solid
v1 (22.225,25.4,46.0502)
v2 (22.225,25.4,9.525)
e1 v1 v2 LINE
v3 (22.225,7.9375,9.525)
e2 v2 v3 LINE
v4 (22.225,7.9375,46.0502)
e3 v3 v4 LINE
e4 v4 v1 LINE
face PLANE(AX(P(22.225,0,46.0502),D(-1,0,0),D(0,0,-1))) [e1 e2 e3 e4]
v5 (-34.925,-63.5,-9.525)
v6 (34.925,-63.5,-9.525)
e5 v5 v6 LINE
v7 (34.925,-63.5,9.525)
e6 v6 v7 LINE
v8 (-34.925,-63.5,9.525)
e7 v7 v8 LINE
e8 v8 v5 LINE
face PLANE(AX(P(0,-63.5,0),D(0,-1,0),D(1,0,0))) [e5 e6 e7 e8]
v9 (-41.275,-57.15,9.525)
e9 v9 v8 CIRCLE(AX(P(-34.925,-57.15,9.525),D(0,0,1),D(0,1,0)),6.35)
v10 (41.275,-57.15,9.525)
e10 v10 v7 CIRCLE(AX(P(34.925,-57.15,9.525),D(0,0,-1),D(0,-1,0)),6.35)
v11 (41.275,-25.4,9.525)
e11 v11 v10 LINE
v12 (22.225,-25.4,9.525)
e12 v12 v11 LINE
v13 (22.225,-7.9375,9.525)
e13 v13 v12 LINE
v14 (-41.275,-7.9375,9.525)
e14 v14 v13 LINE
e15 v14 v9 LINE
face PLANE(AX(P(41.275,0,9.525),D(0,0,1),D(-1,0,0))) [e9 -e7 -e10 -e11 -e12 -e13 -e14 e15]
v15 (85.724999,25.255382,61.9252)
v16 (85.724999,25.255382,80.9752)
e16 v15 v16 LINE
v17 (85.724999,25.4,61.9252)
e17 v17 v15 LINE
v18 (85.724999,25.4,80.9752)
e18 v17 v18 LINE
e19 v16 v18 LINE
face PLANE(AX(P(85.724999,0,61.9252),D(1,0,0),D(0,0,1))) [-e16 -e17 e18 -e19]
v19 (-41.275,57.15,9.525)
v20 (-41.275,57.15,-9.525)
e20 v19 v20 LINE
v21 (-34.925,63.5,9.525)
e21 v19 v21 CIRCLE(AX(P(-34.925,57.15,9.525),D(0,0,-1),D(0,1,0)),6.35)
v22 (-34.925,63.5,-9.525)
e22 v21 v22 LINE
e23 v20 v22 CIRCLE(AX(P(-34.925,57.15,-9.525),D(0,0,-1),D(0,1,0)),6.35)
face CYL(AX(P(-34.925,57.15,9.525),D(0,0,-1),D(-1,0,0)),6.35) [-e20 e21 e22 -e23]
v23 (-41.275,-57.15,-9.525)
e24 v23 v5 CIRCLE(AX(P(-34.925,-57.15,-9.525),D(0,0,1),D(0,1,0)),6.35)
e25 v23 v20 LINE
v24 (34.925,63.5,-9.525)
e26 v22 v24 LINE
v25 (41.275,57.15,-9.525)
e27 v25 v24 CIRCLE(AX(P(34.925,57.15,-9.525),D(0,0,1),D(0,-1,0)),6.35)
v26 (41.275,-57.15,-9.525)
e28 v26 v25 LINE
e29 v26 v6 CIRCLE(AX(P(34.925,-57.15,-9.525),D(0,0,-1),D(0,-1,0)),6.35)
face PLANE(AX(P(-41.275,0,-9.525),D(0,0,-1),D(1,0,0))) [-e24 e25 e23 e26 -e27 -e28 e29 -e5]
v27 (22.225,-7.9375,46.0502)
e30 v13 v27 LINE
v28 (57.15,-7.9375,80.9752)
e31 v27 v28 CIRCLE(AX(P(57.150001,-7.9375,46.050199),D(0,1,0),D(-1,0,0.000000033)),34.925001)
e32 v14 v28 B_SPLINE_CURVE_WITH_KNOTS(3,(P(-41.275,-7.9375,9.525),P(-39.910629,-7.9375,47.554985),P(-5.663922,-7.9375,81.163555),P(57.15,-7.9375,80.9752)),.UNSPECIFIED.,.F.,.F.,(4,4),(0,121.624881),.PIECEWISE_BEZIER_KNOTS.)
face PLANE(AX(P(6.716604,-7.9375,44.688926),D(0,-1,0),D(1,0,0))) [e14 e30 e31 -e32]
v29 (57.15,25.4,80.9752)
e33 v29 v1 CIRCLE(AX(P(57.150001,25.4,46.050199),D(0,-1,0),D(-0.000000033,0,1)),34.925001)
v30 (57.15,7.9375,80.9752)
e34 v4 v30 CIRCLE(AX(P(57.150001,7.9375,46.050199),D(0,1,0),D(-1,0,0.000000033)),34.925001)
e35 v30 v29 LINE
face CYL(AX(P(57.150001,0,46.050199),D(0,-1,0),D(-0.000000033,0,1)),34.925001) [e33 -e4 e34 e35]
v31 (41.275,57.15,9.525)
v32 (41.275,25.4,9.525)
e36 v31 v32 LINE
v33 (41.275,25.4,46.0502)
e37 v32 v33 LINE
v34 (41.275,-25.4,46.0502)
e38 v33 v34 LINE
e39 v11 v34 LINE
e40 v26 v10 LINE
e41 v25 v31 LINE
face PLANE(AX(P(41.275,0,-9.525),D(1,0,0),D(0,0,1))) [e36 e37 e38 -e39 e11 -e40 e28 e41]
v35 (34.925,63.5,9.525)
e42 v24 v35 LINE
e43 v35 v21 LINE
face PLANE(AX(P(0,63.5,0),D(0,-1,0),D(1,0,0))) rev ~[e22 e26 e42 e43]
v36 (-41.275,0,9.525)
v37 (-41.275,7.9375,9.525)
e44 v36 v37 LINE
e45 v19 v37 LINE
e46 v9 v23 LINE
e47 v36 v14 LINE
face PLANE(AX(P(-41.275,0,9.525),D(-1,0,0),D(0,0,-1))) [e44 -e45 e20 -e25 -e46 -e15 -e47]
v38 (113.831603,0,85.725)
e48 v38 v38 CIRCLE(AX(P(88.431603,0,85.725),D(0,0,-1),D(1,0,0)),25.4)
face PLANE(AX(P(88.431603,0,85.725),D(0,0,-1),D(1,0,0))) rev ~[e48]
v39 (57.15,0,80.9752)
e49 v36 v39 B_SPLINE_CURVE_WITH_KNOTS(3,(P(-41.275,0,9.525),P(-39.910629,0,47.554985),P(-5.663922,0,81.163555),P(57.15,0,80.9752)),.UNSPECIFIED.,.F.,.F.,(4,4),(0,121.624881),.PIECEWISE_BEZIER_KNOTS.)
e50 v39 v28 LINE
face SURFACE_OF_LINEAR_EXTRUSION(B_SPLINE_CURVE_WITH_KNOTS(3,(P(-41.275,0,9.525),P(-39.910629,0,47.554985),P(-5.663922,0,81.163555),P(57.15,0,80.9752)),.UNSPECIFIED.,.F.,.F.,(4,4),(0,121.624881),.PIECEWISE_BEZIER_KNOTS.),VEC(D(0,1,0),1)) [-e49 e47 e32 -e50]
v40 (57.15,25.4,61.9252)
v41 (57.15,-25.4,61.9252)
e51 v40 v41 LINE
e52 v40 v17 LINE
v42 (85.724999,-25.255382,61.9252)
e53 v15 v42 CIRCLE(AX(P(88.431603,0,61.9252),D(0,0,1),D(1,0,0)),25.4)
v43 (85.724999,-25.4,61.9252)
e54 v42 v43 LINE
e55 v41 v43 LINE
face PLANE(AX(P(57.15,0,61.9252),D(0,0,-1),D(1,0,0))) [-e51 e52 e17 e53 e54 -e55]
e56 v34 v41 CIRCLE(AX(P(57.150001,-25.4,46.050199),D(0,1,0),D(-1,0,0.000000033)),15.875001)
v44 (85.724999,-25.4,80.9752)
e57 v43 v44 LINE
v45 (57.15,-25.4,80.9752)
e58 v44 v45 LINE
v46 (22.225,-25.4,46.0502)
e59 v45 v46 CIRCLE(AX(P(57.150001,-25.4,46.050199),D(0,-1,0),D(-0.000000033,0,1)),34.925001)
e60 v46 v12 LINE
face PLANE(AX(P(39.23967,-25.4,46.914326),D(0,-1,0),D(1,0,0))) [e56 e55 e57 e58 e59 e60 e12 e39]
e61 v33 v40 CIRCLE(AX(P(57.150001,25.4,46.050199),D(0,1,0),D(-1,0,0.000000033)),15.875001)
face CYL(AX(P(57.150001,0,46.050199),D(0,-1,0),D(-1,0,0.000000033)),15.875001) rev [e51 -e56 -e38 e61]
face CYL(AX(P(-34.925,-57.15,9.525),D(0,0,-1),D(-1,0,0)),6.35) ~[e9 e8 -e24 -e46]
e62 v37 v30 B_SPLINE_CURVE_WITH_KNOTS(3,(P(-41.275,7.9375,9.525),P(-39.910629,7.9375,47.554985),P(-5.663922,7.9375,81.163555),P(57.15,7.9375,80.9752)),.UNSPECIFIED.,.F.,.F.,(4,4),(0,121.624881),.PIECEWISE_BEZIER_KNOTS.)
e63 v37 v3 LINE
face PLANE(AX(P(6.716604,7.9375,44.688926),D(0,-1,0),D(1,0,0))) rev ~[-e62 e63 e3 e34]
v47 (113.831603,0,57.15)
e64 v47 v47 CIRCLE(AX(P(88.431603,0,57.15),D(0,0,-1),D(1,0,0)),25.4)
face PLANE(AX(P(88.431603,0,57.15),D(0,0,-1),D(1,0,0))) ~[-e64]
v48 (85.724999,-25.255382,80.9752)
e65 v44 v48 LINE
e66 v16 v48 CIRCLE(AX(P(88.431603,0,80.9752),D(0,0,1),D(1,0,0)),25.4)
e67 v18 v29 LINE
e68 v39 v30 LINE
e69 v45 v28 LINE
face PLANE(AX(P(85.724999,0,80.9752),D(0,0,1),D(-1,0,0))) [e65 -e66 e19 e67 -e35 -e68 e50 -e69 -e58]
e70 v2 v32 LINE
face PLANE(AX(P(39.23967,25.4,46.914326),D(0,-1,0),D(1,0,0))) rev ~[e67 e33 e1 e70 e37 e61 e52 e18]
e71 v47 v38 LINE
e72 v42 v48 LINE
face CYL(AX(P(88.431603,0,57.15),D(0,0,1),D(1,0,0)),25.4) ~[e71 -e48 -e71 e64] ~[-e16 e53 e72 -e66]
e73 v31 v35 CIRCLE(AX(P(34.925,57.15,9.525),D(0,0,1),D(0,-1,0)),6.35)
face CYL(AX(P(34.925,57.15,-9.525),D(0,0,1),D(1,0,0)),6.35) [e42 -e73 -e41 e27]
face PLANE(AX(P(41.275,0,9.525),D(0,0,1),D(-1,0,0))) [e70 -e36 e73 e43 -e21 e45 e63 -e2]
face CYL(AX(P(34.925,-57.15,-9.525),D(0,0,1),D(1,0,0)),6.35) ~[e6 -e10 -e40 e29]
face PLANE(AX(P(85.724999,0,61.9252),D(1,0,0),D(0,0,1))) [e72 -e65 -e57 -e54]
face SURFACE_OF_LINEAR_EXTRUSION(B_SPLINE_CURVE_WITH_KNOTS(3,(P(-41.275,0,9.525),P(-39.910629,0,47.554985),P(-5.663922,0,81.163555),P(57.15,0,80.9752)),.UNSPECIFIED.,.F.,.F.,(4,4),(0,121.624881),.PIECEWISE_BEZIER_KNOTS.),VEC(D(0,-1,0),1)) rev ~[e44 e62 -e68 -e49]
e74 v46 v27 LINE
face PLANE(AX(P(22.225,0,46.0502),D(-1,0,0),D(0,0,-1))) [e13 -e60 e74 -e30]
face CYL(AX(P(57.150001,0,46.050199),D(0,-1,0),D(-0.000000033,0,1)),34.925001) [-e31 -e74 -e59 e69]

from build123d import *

# Parameters (mm, degrees)
F1_DEPTH = 63.5
F0_W     = 22.693397
F0_H     = 19.05
F2_DEPTH = 25.4
F3_DEPTH = 7.9375
F5_R     = 6.35


with BuildPart() as f1:
    # F0 (on Front) → F1 (new body, symmetric)
    with BuildSketch(Plane.XZ):
        Polygon((41.275, -9.525), (41.275, 9.525), (22.225, 9.525), (-41.275, 9.525), (-41.275, -9.525), align=None)
    extrude(amount=F1_DEPTH, both=True)

    # F0 (on Front) → F2 (join, symmetric)
    with BuildSketch(Plane.XZ):
        with BuildLine():
            Line((22.225, 9.525), (41.275, 9.525))
            Line((41.275, 9.525), (41.275, 46.0502))
            ThreePointArc((41.275, 46.0502), (45.92468, 57.27552), (57.15, 61.9252))
            Line((57.15, 61.9252), (63.031603, 61.9252))
            Line((63.031603, 61.9252), (63.031603, 80.9752))
            Line((63.031603, 80.9752), (57.15, 80.9752))
            ThreePointArc((57.15, 80.9752), (32.454296, 70.745904), (22.225, 46.0502))
            Line((22.225, 46.0502), (22.225, 9.525))
        make_face()
        with Locations((74.378301, 71.4502)):
            Rectangle(F0_W, F0_H)
    extrude(amount=F2_DEPTH, both=True)

    # F0 (on Front) → F3 (join, symmetric)
    with BuildSketch(Plane.XZ):
        with BuildLine():
            Line((-41.275, 9.525), (22.225, 9.525))
            Line((22.225, 9.525), (22.225, 46.0502))
            ThreePointArc((22.225, 46.0502), (32.454296, 70.745904), (57.15, 80.9752))
            add(Edge.make_bspline(
                [(-41.275, 9.525), (-39.910629, 47.554985), (-5.663922, 81.163555), (57.15, 80.9752)],
                knots=[0, 0, 0, 0, 121.624881, 121.624881, 121.624881, 121.624881], degree=3))
        make_face()
    extrude(amount=F3_DEPTH, both=True)

    # F0 (on Front) → F4 (revolve)
    with BuildSketch(Plane.XZ):
        Polygon((88.431603, 71.4375), (88.431603, 57.15), (113.831603, 57.15), (113.831603, 85.725), (88.431603, 85.725), align=None)
    revolve(axis=Axis((88.431603, 0, 64.29375), (0, 0, -1)))

    # F5
    f5_edges = [f1.edges().sort_by_distance(p)[0] for p in [
        (-41.275, 63.5, 0),
        (-41.275, -63.5, 0),
        (41.275, -63.5, 0),
        (41.275, 63.5, 0),
    ]]
    fillet(f5_edges, radius=F5_R)


solid = f1.part
